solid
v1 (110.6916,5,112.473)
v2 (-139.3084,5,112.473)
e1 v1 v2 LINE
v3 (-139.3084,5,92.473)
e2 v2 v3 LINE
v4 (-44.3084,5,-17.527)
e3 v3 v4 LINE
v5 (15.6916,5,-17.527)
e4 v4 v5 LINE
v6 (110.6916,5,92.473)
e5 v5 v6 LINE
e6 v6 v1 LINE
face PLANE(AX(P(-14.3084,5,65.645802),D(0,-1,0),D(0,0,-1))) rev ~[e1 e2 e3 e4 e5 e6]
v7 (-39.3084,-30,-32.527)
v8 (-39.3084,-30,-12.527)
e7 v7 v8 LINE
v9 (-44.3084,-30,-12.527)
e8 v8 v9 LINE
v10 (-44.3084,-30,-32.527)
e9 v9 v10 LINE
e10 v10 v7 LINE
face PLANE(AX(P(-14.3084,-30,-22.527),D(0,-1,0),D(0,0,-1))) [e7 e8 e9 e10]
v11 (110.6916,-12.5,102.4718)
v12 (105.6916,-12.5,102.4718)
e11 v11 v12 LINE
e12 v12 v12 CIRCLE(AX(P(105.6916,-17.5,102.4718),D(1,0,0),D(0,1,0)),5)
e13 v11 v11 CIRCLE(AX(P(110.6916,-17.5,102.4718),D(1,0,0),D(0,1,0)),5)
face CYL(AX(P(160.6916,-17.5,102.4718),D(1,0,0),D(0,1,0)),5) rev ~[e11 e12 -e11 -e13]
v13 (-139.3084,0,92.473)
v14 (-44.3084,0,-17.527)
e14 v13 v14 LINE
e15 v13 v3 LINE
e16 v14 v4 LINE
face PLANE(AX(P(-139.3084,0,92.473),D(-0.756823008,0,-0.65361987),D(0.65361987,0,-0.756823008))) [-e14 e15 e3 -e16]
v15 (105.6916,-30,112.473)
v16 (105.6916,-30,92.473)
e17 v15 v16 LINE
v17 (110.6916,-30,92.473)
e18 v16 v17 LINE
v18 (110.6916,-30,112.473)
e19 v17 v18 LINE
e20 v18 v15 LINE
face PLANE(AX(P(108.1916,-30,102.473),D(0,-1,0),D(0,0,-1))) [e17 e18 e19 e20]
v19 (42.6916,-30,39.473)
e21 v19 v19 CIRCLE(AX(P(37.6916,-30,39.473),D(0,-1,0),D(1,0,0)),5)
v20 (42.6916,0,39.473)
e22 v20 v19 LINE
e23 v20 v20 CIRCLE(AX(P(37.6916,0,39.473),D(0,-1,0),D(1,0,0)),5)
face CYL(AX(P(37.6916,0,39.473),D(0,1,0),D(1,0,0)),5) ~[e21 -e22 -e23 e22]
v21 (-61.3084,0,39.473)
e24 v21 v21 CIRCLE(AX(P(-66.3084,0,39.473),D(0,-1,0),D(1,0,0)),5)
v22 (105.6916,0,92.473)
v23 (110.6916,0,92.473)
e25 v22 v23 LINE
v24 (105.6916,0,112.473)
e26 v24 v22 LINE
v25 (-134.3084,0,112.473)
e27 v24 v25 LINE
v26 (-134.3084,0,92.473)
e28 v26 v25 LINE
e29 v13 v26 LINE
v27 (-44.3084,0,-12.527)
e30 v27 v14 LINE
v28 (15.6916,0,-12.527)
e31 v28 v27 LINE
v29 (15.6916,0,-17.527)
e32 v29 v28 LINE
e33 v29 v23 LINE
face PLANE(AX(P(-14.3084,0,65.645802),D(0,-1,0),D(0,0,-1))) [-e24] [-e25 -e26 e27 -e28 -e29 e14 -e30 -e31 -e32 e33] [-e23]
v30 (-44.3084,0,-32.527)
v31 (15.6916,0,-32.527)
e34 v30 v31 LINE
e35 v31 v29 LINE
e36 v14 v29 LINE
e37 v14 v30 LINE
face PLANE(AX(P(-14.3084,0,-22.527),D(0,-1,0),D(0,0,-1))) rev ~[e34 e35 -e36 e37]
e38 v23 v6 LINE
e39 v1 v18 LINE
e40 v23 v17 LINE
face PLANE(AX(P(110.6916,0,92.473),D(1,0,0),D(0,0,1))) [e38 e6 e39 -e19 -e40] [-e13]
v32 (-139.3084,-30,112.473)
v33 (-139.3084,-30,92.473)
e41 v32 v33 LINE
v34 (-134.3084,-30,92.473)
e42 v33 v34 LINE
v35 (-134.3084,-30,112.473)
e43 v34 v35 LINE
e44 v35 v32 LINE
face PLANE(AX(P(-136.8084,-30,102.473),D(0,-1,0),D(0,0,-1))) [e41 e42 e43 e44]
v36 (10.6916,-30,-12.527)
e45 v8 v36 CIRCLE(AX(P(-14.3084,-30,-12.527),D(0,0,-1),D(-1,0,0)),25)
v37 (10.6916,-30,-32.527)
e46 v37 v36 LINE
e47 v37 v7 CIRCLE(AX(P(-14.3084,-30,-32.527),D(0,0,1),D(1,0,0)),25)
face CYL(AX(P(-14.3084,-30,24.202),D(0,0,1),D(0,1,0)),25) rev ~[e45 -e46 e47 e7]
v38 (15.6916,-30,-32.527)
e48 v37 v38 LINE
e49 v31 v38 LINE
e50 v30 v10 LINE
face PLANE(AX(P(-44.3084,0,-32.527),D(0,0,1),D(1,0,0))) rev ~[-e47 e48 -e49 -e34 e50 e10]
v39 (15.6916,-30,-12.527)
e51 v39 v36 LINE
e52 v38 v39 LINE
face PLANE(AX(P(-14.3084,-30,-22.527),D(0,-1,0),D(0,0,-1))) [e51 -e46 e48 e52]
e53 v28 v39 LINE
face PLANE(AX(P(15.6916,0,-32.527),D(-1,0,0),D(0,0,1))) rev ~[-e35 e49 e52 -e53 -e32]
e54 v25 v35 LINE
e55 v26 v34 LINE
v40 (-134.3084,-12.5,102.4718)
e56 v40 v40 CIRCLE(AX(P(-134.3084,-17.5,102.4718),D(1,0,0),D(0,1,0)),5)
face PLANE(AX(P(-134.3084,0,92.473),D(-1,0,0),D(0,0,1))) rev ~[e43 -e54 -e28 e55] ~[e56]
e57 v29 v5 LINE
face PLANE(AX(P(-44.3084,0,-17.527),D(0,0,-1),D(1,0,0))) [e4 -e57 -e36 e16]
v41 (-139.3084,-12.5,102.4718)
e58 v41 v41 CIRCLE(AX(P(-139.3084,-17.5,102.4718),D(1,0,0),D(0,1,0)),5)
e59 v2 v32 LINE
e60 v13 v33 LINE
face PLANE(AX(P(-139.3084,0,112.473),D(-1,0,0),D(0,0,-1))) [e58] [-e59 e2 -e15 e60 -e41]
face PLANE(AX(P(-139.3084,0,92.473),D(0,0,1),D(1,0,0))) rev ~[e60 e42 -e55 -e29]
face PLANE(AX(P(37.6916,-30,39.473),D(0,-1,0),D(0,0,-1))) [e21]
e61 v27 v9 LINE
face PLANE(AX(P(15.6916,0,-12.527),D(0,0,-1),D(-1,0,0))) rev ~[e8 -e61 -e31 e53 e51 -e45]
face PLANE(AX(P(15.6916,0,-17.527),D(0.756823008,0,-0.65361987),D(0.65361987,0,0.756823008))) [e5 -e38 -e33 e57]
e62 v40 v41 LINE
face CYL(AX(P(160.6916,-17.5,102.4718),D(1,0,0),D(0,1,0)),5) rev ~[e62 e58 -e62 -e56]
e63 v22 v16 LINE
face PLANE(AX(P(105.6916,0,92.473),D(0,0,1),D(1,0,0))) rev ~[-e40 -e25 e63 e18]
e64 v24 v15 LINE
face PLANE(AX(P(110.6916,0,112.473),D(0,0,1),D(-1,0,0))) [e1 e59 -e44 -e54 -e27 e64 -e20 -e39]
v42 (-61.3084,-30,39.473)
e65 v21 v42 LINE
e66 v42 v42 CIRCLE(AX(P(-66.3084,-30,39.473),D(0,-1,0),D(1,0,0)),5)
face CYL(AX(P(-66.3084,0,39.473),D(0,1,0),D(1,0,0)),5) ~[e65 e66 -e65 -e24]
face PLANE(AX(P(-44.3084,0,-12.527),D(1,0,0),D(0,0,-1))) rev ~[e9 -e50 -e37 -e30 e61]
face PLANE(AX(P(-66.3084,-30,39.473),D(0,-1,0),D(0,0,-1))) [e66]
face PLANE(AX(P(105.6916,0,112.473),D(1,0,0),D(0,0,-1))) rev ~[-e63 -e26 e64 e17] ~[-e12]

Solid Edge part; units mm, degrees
sketch "Sketch1" plane through (0, 0, 0) normal (0, -1, 0) x (1, 0, 0)
  line L0 (110.6916, 92.473) -> (110.6916, 112.473)
  line L1 (110.6916, 112.473) -> (-139.3084, 112.473)
  line L2 (-139.3084, 112.473) -> (-139.3084, 92.473)
  line L3 (-139.3084, 92.473) -> (-44.3084, -17.527)
  line L4 (-44.3084, -17.527) -> (15.6916, -17.527)
  line L5 (15.6916, -17.527) -> (110.6916, 92.473)
  dimension "D1" = 20
  dimension "D2" = 250
  dimension "D3" = 60
  dimension "D4" = 130
  dimension "D5" = 20
extrude "ExtrudedProtrusion_1" add sketch "Sketch1" against normal blind 5
sketch "Sketch2" plane through (10.6916, 0, 44.973) normal (0, -1, 0) x (1, 0, 0)
  line L0 (95, 47.5) -> (100, 47.5)
  line L1 (100, 47.5) -> (100, 67.5)
  line L2 (100, 67.5) -> (95, 67.5)
  line L3 (95, 67.5) -> (95, 47.5)
  line L4 (-55, -77.5) -> (5, -77.5)
  line L5 (5, -77.5) -> (5, -57.5)
  line L6 (5, -57.5) -> (-55, -57.5)
  line L7 (-55, -57.5) -> (-55, -77.5)
  circle A0 centre (-77, -5.5) radius 5
  circle A1 centre (27, -5.5) radius 5
  line L8 (-150, 47.5) -> (-145, 47.5)
  line L9 (-145, 47.5) -> (-145, 67.5)
  line L10 (-145, 67.5) -> (-150, 67.5)
  line L11 (-150, 67.5) -> (-150, 47.5)
  dimension "D1" = 20
  dimension "D2" = 5
  dimension "D3" = 5
  dimension "D4" = 20
  dimension "D5" = 5
  dimension "D6" = 20
  dimension "D7" = 60
  dimension "D8" = 15
  dimension "D9" = 10
  dimension "D10" = 10
  dimension "D11" = 52
  dimension "D12" = 52
  dimension "D13" = 52
extrude "Protrusion1" add sketch "Sketch2" along normal blind 30
sketch "Sketch3" plane through (-14.3084, -50, 24.202) normal (0, 0, 1) x (0, 1, 0)
  circle A0 centre (20, 0) radius 25
  dimension "D1" = 50
extrude "Cutout1" cut sketch "Sketch3" against normal through all
sketch "Sketch4" plane through (160.6916, -12.5, 96.702) normal (1, 0, 0) x (0, 1, 0)
  circle A0 centre (-5, 5.7698) radius 5
  dimension "D1" = 12.5
extrude "Cutout2" cut sketch "Sketch4" against normal through all
